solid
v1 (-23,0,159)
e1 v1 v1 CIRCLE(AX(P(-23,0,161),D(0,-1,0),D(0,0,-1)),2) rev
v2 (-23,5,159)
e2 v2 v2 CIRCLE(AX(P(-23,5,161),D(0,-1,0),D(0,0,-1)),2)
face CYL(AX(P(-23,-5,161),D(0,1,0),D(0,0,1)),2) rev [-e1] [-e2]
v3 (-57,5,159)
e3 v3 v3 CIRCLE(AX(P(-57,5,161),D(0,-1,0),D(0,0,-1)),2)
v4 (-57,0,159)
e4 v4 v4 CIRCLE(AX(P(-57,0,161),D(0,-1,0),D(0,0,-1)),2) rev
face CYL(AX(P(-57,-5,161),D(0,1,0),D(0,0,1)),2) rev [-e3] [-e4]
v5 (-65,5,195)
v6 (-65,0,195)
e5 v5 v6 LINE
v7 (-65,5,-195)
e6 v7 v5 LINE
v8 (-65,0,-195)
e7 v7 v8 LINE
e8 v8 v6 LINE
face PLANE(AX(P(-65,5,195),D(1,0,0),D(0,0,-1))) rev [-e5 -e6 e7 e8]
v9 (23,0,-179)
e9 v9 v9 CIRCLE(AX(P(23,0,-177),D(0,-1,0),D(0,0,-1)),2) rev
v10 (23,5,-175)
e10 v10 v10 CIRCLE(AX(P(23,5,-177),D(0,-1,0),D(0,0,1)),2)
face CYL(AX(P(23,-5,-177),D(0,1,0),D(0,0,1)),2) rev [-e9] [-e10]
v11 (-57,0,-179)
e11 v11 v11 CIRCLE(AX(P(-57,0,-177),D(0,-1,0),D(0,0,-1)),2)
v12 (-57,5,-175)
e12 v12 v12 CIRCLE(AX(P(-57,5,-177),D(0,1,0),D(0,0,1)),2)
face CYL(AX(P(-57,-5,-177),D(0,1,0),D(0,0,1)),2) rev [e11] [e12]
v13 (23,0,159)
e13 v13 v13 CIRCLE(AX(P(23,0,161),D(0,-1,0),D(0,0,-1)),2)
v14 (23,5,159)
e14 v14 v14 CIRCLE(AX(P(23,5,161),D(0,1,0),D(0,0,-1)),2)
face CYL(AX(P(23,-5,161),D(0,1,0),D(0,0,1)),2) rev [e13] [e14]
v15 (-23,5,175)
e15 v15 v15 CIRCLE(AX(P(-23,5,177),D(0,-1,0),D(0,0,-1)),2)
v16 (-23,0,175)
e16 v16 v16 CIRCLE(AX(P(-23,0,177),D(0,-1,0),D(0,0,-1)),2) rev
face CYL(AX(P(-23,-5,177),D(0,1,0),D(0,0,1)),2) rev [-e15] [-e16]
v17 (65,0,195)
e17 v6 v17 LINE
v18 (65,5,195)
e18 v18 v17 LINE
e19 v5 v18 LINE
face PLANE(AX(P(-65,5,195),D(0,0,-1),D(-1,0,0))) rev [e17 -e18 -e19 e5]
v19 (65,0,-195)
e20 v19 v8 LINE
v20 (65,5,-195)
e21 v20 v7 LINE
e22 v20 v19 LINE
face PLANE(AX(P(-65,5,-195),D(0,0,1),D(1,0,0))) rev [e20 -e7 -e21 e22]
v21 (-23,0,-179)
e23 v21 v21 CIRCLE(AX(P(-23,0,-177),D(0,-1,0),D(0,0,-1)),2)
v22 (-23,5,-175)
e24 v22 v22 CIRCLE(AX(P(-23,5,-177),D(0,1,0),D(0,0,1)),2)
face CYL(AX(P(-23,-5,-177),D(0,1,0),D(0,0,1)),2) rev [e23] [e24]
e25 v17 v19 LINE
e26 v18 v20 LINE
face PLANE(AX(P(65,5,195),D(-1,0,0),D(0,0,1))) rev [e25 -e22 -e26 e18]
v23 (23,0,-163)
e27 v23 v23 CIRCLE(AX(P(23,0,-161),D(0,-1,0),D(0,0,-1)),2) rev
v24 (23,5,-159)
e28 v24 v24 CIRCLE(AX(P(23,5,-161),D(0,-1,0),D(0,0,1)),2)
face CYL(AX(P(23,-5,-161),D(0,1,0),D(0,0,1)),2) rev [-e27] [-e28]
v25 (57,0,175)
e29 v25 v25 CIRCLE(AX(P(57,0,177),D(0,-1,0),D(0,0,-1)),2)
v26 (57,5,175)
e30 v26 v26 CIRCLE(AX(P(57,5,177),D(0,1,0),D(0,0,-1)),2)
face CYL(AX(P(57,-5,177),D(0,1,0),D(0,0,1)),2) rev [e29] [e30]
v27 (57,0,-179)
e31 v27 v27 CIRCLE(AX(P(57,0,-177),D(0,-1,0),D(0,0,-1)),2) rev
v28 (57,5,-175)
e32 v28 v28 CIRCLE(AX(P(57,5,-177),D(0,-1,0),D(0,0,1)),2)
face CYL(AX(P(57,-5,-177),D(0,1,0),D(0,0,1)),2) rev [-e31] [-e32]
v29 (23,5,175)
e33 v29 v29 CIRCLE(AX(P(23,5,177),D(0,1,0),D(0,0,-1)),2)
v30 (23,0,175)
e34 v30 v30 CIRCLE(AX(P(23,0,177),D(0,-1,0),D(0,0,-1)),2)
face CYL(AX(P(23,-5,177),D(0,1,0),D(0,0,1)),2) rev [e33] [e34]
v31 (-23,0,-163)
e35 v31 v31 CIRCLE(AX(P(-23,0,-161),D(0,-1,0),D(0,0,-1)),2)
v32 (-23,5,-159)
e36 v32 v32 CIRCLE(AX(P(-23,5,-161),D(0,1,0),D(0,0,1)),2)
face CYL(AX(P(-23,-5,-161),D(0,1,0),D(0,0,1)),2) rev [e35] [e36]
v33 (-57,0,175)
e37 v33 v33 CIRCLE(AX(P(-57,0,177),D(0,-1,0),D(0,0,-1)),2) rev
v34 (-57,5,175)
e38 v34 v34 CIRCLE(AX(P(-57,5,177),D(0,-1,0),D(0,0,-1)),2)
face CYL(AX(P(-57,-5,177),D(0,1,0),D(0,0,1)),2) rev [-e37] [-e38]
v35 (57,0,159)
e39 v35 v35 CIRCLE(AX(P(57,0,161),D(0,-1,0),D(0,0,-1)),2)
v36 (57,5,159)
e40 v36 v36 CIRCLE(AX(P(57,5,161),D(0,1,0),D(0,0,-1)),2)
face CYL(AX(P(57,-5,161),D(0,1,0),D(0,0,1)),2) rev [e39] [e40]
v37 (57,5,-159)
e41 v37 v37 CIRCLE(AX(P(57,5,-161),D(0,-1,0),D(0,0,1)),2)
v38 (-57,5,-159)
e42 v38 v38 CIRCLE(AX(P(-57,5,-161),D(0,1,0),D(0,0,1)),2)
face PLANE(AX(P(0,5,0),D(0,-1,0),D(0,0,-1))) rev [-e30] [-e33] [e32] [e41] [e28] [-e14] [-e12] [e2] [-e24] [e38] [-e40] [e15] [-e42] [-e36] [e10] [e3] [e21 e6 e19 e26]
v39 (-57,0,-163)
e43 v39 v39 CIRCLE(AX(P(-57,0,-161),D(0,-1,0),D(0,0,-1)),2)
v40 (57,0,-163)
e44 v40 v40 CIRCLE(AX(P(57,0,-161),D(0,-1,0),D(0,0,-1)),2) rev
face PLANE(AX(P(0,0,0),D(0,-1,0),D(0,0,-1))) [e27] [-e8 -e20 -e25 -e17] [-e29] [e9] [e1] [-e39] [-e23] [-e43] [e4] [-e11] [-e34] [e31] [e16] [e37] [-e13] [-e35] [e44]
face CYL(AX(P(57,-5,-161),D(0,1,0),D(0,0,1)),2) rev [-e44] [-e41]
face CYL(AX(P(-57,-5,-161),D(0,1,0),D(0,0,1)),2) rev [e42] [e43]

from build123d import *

# Parameters (mm, degrees)
SKETCH2_W                                  = 130
SKETCH2_H                                  = 390
BOSS_EXTRUDE1_DEPTH                        = 5
SKETCH3_R                                  = 2
CUT_EXTRUDE1_DEPTH                         = 10
MIRROR1_AT_THE_SECOND_PLANE_COPY_1_SKETC_R = 2
MIRROR1_AT_THE_SECOND_PLANE_COPY_1_DEPTH   = 10


with BuildPart() as part:
    # Sketch2 → Boss-Extrude1 (new body)
    with BuildSketch(Plane(origin=(0, 0, 0), x_dir=(1, 0, 0), z_dir=(0, 1, 0))):
        Rectangle(SKETCH2_W, SKETCH2_H)
    extrude(amount=BOSS_EXTRUDE1_DEPTH)

    # Sketch3 → Cut-Extrude1 (cut)
    with BuildSketch(Plane(origin=(0, 5, 0), x_dir=(1, 0, 0), z_dir=(0, 1, 0))):
        with Locations(Location((-57, 177, 0), (0, 0, 270))):
            Circle(SKETCH3_R)
        with Locations(Location((-57, 161, 0), (0, 0, 270))):
            Circle(SKETCH3_R)
        with Locations(Location((-23, 177, 0), (0, 0, 270))):
            Circle(SKETCH3_R)
        with Locations(Location((-23, 161, 0), (0, 0, 270))):
            Circle(SKETCH3_R)
    cut_extrude1 = extrude(amount=-CUT_EXTRUDE1_DEPTH, mode=Mode.SUBTRACT)

    # Mirror1: Cut-Extrude1 across plane
    add(cut_extrude1.mirror(Plane.XY), mode=Mode.SUBTRACT)

    # Mirror1 at the second plane: Cut-Extrude1 across plane
    add(cut_extrude1.mirror(Plane(origin=(0, 0, 0), x_dir=(0, 0, 1), z_dir=(1, 0, 0))), mode=Mode.SUBTRACT)

    # Mirror1 at the second plane copy 1 sketc → Mirror1 at the second plane copy 1 (cut)
    with BuildSketch(Plane(origin=(0, 5, 0), x_dir=(-1, 0, 0), z_dir=(0, 1, 0))):
        with Locations(Location((-57, 177, 0), (0, 0, 270))):
            Circle(MIRROR1_AT_THE_SECOND_PLANE_COPY_1_SKETC_R)
        with Locations(Location((-57, 161, 0), (0, 0, 270))):
            Circle(MIRROR1_AT_THE_SECOND_PLANE_COPY_1_SKETC_R)
        with Locations(Location((-23, 177, 0), (0, 0, 270))):
            Circle(MIRROR1_AT_THE_SECOND_PLANE_COPY_1_SKETC_R)
        with Locations(Location((-23, 161, 0), (0, 0, 270))):
            Circle(MIRROR1_AT_THE_SECOND_PLANE_COPY_1_SKETC_R)
    extrude(amount=-MIRROR1_AT_THE_SECOND_PLANE_COPY_1_DEPTH, mode=Mode.SUBTRACT)


solid = part.part
